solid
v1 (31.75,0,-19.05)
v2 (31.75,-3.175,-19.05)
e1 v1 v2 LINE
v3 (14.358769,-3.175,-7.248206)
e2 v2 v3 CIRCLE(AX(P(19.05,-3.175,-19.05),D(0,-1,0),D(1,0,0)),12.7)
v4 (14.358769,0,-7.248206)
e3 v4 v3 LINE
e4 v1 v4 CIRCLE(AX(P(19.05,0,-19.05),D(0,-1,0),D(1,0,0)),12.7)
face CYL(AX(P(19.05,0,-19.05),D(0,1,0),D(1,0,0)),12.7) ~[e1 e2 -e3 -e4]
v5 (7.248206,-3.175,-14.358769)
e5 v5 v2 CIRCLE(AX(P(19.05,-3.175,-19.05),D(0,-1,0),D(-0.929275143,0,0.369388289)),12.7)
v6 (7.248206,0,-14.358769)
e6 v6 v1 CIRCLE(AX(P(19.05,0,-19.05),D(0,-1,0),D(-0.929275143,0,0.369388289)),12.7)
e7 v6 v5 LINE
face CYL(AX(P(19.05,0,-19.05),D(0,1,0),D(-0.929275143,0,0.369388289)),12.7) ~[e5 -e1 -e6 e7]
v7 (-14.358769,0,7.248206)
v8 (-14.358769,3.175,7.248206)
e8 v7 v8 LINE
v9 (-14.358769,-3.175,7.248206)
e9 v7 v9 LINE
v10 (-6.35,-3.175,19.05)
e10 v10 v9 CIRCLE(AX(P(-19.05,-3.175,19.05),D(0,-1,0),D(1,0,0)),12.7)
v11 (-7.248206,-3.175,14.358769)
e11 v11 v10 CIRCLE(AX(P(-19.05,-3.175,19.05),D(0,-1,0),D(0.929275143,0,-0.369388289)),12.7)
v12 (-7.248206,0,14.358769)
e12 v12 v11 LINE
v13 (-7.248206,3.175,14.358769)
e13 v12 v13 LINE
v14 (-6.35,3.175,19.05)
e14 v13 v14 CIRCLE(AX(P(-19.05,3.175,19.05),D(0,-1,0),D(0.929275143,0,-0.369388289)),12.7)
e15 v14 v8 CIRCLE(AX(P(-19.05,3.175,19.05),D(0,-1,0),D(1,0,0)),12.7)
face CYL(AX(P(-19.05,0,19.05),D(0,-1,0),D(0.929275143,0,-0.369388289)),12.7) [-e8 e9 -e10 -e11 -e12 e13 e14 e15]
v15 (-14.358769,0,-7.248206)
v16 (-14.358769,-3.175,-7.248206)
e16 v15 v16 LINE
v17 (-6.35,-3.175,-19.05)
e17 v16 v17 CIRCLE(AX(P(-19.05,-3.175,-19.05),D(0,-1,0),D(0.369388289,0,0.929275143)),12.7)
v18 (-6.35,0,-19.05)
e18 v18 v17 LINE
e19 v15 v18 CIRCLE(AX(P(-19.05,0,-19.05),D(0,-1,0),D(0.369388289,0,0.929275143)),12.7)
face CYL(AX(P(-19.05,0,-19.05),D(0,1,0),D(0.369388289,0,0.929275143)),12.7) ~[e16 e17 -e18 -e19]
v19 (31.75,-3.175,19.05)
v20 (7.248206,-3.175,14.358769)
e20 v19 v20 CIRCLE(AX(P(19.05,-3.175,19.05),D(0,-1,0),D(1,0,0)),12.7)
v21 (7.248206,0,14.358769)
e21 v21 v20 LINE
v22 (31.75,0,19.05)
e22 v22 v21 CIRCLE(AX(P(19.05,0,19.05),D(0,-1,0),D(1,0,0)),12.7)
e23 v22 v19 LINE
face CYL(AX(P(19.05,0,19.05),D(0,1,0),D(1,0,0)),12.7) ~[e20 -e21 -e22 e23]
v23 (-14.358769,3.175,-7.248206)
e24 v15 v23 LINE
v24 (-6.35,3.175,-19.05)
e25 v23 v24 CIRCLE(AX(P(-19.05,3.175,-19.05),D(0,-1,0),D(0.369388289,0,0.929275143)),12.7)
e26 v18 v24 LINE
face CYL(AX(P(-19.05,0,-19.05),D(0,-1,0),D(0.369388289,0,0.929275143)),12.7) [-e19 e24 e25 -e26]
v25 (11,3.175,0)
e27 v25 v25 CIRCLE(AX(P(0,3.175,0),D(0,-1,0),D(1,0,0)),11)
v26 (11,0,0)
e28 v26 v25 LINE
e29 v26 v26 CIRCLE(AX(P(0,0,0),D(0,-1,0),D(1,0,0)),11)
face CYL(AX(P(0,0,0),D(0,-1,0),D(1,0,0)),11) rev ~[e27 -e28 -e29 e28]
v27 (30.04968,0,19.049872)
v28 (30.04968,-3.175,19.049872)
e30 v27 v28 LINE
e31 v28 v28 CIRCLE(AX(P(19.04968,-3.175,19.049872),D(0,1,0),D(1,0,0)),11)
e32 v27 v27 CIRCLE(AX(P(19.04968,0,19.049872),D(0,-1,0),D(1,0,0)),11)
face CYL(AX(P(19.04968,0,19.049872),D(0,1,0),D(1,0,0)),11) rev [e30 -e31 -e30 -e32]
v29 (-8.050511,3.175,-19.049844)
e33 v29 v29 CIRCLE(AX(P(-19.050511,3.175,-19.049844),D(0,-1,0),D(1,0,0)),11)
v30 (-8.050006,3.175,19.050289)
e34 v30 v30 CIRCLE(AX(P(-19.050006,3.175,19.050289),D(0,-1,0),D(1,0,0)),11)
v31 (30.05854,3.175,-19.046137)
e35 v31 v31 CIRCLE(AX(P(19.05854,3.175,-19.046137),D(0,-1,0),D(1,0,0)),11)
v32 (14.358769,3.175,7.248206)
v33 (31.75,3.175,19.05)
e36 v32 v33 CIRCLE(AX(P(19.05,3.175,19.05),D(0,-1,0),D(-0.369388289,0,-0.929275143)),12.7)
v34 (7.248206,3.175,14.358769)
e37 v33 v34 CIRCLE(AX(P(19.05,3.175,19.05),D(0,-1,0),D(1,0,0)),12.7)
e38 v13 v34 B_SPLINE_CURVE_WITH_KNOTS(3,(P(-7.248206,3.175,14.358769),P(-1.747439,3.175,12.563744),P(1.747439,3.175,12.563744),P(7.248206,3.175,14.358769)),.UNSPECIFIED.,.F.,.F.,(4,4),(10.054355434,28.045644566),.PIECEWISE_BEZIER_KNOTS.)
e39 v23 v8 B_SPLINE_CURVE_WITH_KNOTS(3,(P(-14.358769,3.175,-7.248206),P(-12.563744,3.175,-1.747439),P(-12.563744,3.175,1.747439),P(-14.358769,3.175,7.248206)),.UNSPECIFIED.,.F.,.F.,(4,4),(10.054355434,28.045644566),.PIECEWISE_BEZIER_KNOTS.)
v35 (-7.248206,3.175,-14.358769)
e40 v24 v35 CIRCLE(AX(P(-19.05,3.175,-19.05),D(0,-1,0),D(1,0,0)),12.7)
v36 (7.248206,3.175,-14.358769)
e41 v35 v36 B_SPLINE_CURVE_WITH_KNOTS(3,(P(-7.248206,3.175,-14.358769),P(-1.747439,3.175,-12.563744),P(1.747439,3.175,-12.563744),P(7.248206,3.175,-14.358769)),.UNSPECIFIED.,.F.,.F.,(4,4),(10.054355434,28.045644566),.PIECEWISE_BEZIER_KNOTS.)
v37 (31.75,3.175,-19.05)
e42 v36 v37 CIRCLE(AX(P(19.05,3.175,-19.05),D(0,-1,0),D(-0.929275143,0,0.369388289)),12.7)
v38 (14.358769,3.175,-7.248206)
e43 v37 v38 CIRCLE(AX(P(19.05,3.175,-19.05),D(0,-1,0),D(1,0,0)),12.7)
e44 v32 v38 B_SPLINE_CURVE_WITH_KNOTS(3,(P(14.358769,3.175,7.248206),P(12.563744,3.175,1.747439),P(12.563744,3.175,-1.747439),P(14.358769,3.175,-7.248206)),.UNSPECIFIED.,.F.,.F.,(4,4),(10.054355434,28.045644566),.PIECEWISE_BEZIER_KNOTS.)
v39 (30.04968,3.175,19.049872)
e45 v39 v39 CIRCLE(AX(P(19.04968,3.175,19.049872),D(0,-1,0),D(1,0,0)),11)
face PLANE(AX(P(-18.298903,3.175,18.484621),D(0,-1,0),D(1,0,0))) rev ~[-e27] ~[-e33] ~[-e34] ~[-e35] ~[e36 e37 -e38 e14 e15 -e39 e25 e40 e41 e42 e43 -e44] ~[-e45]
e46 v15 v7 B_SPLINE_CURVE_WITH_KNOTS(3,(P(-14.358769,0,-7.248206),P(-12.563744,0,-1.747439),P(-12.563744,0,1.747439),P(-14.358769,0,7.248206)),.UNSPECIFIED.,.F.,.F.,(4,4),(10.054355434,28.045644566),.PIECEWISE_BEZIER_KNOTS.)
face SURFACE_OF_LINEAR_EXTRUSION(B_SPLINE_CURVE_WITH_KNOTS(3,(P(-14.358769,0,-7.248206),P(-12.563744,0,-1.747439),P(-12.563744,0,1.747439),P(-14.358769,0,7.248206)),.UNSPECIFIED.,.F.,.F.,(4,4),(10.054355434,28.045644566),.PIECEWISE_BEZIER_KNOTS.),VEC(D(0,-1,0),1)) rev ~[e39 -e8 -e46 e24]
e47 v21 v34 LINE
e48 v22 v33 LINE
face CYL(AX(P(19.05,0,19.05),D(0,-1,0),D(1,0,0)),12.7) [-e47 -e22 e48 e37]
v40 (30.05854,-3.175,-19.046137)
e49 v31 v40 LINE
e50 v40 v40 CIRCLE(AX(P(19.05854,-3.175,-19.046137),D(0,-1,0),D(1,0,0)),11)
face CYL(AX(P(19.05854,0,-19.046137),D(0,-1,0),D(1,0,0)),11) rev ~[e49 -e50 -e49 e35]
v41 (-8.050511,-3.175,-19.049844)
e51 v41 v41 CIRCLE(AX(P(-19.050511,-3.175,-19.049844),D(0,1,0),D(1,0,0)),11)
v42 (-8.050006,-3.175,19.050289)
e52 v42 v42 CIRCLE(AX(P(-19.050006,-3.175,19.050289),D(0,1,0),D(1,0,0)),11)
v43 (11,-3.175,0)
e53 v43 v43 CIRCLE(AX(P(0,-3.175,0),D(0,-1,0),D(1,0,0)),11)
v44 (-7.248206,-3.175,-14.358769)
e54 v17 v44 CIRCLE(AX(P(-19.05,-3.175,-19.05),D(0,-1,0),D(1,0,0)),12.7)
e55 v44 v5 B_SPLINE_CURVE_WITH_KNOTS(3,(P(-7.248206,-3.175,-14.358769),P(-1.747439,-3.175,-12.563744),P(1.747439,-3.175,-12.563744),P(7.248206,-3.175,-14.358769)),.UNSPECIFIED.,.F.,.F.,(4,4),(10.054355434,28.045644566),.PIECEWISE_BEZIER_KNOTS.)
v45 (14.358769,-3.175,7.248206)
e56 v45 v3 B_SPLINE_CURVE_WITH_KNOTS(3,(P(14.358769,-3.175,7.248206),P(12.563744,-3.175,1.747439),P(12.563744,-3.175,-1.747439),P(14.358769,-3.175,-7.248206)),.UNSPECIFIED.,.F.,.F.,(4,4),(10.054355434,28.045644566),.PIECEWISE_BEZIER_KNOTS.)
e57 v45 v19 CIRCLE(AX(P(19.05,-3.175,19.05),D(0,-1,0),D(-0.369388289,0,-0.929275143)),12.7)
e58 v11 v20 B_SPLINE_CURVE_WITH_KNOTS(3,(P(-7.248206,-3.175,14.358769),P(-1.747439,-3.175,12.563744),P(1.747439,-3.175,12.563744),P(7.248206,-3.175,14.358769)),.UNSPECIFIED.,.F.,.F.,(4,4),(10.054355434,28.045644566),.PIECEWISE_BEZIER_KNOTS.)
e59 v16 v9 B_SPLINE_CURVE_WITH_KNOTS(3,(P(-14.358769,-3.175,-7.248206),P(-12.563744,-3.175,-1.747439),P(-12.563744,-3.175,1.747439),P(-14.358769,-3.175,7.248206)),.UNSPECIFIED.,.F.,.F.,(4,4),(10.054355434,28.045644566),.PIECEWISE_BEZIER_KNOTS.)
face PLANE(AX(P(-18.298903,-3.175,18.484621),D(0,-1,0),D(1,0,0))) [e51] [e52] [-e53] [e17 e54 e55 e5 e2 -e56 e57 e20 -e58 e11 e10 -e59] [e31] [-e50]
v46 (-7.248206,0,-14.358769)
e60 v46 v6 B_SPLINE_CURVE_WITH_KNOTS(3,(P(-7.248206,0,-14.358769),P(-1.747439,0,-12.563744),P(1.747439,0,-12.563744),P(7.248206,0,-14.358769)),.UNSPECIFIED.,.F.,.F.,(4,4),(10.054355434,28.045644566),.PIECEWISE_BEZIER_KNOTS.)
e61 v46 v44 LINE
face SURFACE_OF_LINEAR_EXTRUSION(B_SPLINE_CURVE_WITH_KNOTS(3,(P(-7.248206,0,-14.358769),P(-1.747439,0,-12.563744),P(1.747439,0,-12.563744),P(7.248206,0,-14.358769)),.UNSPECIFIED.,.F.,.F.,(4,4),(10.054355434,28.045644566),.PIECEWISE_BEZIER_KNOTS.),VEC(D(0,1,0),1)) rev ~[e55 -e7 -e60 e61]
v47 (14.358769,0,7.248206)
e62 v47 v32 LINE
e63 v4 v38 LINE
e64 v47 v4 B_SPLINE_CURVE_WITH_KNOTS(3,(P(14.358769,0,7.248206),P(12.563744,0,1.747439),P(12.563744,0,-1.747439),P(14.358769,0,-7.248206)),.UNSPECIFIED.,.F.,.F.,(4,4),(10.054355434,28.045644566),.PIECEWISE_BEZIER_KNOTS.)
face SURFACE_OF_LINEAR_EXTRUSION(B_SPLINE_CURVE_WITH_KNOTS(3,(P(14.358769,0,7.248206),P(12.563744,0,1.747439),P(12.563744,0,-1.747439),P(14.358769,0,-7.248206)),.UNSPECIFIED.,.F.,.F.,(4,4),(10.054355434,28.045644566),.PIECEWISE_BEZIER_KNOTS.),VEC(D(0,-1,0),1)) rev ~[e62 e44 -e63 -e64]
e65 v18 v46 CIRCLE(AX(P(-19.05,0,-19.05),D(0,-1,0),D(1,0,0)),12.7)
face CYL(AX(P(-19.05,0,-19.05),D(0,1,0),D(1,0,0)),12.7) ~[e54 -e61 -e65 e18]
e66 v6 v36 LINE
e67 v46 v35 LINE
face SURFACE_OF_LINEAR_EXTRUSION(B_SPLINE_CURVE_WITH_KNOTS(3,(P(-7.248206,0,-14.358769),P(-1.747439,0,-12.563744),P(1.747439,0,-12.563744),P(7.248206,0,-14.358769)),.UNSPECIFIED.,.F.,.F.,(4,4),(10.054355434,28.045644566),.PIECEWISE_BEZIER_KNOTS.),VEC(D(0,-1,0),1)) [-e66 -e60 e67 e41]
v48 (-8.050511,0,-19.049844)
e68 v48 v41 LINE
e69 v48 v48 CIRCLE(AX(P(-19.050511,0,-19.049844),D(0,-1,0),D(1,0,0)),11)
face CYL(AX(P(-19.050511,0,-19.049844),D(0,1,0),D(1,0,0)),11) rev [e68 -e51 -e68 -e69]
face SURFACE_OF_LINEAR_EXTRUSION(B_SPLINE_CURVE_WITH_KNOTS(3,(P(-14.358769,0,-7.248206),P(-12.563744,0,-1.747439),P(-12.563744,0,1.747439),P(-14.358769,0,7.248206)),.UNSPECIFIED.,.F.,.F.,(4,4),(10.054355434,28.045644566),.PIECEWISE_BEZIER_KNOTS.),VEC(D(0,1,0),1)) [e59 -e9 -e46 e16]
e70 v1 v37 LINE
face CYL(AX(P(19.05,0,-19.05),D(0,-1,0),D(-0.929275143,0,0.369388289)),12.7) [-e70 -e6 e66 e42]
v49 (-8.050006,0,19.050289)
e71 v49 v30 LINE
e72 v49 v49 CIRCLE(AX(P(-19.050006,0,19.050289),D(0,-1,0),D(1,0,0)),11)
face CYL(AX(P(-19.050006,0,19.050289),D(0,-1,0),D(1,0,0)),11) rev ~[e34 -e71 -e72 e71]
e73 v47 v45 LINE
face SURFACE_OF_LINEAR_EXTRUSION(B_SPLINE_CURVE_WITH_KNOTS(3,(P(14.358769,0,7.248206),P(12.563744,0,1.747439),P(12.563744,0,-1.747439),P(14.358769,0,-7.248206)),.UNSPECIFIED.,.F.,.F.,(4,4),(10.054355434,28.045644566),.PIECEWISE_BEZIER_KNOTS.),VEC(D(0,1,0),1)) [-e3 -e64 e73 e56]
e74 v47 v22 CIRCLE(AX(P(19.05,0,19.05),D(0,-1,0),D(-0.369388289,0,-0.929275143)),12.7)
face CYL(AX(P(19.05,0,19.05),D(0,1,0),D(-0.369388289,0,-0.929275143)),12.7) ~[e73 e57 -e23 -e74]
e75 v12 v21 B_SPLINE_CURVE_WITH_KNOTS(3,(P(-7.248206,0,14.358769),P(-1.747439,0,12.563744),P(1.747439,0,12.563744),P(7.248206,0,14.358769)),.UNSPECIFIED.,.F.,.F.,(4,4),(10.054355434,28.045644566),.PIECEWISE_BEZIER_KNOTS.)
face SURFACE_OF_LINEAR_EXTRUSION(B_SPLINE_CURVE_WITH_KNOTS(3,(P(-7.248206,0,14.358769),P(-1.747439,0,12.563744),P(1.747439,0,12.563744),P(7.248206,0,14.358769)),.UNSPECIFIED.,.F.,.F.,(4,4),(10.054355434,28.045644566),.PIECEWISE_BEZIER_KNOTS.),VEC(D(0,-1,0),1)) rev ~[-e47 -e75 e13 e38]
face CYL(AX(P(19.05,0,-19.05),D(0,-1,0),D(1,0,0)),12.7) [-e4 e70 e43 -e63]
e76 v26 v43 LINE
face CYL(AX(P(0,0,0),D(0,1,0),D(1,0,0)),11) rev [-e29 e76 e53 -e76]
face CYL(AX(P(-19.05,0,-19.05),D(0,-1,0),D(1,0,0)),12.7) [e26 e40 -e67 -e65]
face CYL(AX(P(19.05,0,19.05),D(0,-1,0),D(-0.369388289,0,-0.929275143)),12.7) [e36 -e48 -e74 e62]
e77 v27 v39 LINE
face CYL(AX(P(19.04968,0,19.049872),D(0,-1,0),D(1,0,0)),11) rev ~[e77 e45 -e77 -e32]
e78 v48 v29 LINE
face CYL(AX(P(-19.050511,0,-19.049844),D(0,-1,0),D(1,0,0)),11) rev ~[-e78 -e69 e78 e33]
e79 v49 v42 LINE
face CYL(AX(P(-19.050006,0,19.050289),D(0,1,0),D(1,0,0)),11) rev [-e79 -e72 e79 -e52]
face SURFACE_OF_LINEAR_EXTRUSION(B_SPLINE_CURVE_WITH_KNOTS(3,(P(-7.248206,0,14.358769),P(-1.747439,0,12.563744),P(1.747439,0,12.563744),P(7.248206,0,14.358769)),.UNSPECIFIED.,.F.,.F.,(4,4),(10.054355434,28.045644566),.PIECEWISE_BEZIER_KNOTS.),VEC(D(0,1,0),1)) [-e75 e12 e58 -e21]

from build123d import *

# Parameters (mm, degrees)
F0_R     = 11
F2_DEPTH = 3.175
F1_R     = 11
F3_DEPTH = 12.7


with BuildPart() as f2:
    # F0 (on Front) → F2 (new body, symmetric)
    with BuildSketch(Plane.XZ):
        with BuildLine():
            ThreePointArc((-7.2482056801, 14.3587687297), (-6.5765724866, 16.6617776341), (-6.35, 19.05))
            ThreePointArc((-6.35, 19.05), (-29.5587734092, 26.1813169495), (-14.3587687297, 7.2482056801))
            add(Edge.make_bspline(
                [(-14.3587687297, 7.2482056801), (-15.3619108037, 10.3222858149), (-16.9256545604, 14.0228222828), (-19.05, 19.05)],
                knots=[28.0456445655, 28.0456445655, 28.0456445655, 28.0456445655, 38.1, 38.1, 38.1, 38.1], degree=3))
            add(Edge.make_bspline(
                [(-19.05, 19.05), (-14.0228222828, 16.9256545604), (-10.3222858149, 15.3619108037), (-7.2482056801, 14.3587687297)],
                knots=[0, 0, 0, 0, 10.0543554345, 10.0543554345, 10.0543554345, 10.0543554345], degree=3))
        make_face()
        with BuildLine():
            add(Edge.make_bspline(
                [(-14.3587687297, 7.2482056801), (-15.3619108037, 10.3222858149), (-16.9256545604, 14.0228222828), (-19.05, 19.05)],
                knots=[28.0456445655, 28.0456445655, 28.0456445655, 28.0456445655, 38.1, 38.1, 38.1, 38.1], degree=3))
            ThreePointArc((-14.3587687297, 7.2482056801), (-10.0697438789, 10.0697438789), (-7.2482056801, 14.3587687297))
            add(Edge.make_bspline(
                [(-19.05, 19.05), (-14.0228222828, 16.9256545604), (-10.3222858149, 15.3619108037), (-7.2482056801, 14.3587687297)],
                knots=[0, 0, 0, 0, 10.0543554345, 10.0543554345, 10.0543554345, 10.0543554345], degree=3))
        make_face()
        with BuildLine():
            ThreePointArc((-7.2482056801, 14.3587687297), (-10.0697438789, 10.0697438789), (-14.3587687297, 7.2482056801))
            add(Edge.make_bspline(
                [(-14.3587687297, -7.2482056801), (-12.5637437568, -1.7474388854), (-12.5637437568, 1.7474388854), (-14.3587687297, 7.2482056801)],
                knots=[10.0543554345, 10.0543554345, 10.0543554345, 10.0543554345, 28.0456445655, 28.0456445655, 28.0456445655, 28.0456445655], degree=3))
            ThreePointArc((-14.3587687297, -7.2482056801), (-10.0697438789, -10.0697438789), (-7.2482056801, -14.3587687297))
            add(Edge.make_bspline(
                [(-7.2482056801, -14.3587687297), (-1.7474388854, -12.5637437568), (1.7474388854, -12.5637437568), (7.2482056801, -14.3587687297)],
                knots=[10.0543554345, 10.0543554345, 10.0543554345, 10.0543554345, 28.0456445655, 28.0456445655, 28.0456445655, 28.0456445655], degree=3))
            ThreePointArc((7.2482056801, -14.3587687297), (10.0697438789, -10.0697438789), (14.3587687297, -7.2482056801))
            add(Edge.make_bspline(
                [(14.3587687297, 7.2482056801), (12.5637437568, 1.7474388854), (12.5637437568, -1.7474388854), (14.3587687297, -7.2482056801)],
                knots=[10.0543554345, 10.0543554345, 10.0543554345, 10.0543554345, 28.0456445655, 28.0456445655, 28.0456445655, 28.0456445655], degree=3))
            ThreePointArc((14.3587687297, 7.2482056801), (10.0697438789, 10.0697438789), (7.2482056801, 14.3587687297))
            add(Edge.make_bspline(
                [(-7.2482056801, 14.3587687297), (-1.7474388854, 12.5637437568), (1.7474388854, 12.5637437568), (7.2482056801, 14.3587687297)],
                knots=[10.0543554345, 10.0543554345, 10.0543554345, 10.0543554345, 28.0456445655, 28.0456445655, 28.0456445655, 28.0456445655], degree=3))
        make_face()
        Circle(F0_R, mode=Mode.SUBTRACT)
        with BuildLine():
            add(Edge.make_bspline(
                [(-19.05, -19.05), (-16.9256545604, -14.0228222828), (-15.3619108037, -10.3222858149), (-14.3587687297, -7.2482056801)],
                knots=[0, 0, 0, 0, 10.0543554345, 10.0543554345, 10.0543554345, 10.0543554345], degree=3))
            ThreePointArc((-14.3587687297, -7.2482056801), (-29.5587734092, -26.1813169495), (-6.35, -19.05))
            ThreePointArc((-6.35, -19.05), (-6.5765724866, -16.6617776341), (-7.2482056801, -14.3587687297))
            add(Edge.make_bspline(
                [(-19.05, -19.05), (-14.0228222828, -16.9256545604), (-10.3222858149, -15.3619108037), (-7.2482056801, -14.3587687297)],
                knots=[0, 0, 0, 0, 10.0543554345, 10.0543554345, 10.0543554345, 10.0543554345], degree=3))
        make_face()
        with BuildLine():
            ThreePointArc((-7.2482056801, -14.3587687297), (-10.0697438789, -10.0697438789), (-14.3587687297, -7.2482056801))
            add(Edge.make_bspline(
                [(-19.05, -19.05), (-16.9256545604, -14.0228222828), (-15.3619108037, -10.3222858149), (-14.3587687297, -7.2482056801)],
                knots=[0, 0, 0, 0, 10.0543554345, 10.0543554345, 10.0543554345, 10.0543554345], degree=3))
            add(Edge.make_bspline(
                [(-19.05, -19.05), (-14.0228222828, -16.9256545604), (-10.3222858149, -15.3619108037), (-7.2482056801, -14.3587687297)],
                knots=[0, 0, 0, 0, 10.0543554345, 10.0543554345, 10.0543554345, 10.0543554345], degree=3))
        make_face()
        with BuildLine():
            add(Edge.make_bspline(
                [(7.2482056801, 14.3587687297), (10.3222858149, 15.3619108037), (14.0228222828, 16.9256545604), (19.05, 19.05)],
                knots=[28.0456445655, 28.0456445655, 28.0456445655, 28.0456445655, 38.1, 38.1, 38.1, 38.1], degree=3))
            ThreePointArc((7.2482056801, 14.3587687297), (10.0697438789, 10.0697438789), (14.3587687297, 7.2482056801))
            add(Edge.make_bspline(
                [(19.05, 19.05), (16.9256545604, 14.0228222828), (15.3619108037, 10.3222858149), (14.3587687297, 7.2482056801)],
                knots=[0, 0, 0, 0, 10.0543554345, 10.0543554345, 10.0543554345, 10.0543554345], degree=3))
        make_face()
        with BuildLine():
            ThreePointArc((31.75, 19.05), (16.6617776341, 31.5234275134), (7.2482056801, 14.3587687297))
            add(Edge.make_bspline(
                [(7.2482056801, 14.3587687297), (10.3222858149, 15.3619108037), (14.0228222828, 16.9256545604), (19.05, 19.05)],
                knots=[28.0456445655, 28.0456445655, 28.0456445655, 28.0456445655, 38.1, 38.1, 38.1, 38.1], degree=3))
            add(Edge.make_bspline(
                [(19.05, 19.05), (16.9256545604, 14.0228222828), (15.3619108037, 10.3222858149), (14.3587687297, 7.2482056801)],
                knots=[0, 0, 0, 0, 10.0543554345, 10.0543554345, 10.0543554345, 10.0543554345], degree=3))
            ThreePointArc((14.3587687297, 7.2482056801), (26.1813169495, 8.5412265908), (31.75, 19.05))
        make_face()
        with BuildLine():
            add(Edge.make_bspline(
                [(7.2482056801, -14.3587687297), (10.3222858149, -15.3619108037), (14.0228222828, -16.9256545604), (19.05, -19.05)],
                knots=[28.0456445655, 28.0456445655, 28.0456445655, 28.0456445655, 38.1, 38.1, 38.1, 38.1], degree=3))
            ThreePointArc((7.2482056801, -14.3587687297), (16.6617776341, -31.5234275134), (31.75, -19.05))
            ThreePointArc((31.75, -19.05), (26.1813169495, -8.5412265908), (14.3587687297, -7.2482056801))
            add(Edge.make_bspline(
                [(14.3587687297, -7.2482056801), (15.3619108037, -10.3222858149), (16.9256545604, -14.0228222828), (19.05, -19.05)],
                knots=[28.0456445655, 28.0456445655, 28.0456445655, 28.0456445655, 38.1, 38.1, 38.1, 38.1], degree=3))
        make_face()
        with BuildLine():
            ThreePointArc((14.3587687297, -7.2482056801), (10.0697438789, -10.0697438789), (7.2482056801, -14.3587687297))
            add(Edge.make_bspline(
                [(7.2482056801, -14.3587687297), (10.3222858149, -15.3619108037), (14.0228222828, -16.9256545604), (19.05, -19.05)],
                knots=[28.0456445655, 28.0456445655, 28.0456445655, 28.0456445655, 38.1, 38.1, 38.1, 38.1], degree=3))
            add(Edge.make_bspline(
                [(14.3587687297, -7.2482056801), (15.3619108037, -10.3222858149), (16.9256545604, -14.0228222828), (19.05, -19.05)],
                knots=[28.0456445655, 28.0456445655, 28.0456445655, 28.0456445655, 38.1, 38.1, 38.1, 38.1], degree=3))
        make_face()
    extrude(amount=F2_DEPTH, both=True)

    # F1 (on Front) → F3 (cut, symmetric)
    with BuildSketch(Plane.XZ):
        with Locations((-19.0500058234, 19.0502889454)):
            Circle(F1_R)
        with Locations((19.0496798605, 19.0498717129)):
            Circle(F1_R)
        with Locations((-19.0505106002, -19.0498437732)):
            Circle(F1_R)
        with Locations((19.0585404634, -19.0461371094)):
            Circle(F1_R)
    extrude(amount=F3_DEPTH, both=True, mode=Mode.SUBTRACT)


solid = f2.part
